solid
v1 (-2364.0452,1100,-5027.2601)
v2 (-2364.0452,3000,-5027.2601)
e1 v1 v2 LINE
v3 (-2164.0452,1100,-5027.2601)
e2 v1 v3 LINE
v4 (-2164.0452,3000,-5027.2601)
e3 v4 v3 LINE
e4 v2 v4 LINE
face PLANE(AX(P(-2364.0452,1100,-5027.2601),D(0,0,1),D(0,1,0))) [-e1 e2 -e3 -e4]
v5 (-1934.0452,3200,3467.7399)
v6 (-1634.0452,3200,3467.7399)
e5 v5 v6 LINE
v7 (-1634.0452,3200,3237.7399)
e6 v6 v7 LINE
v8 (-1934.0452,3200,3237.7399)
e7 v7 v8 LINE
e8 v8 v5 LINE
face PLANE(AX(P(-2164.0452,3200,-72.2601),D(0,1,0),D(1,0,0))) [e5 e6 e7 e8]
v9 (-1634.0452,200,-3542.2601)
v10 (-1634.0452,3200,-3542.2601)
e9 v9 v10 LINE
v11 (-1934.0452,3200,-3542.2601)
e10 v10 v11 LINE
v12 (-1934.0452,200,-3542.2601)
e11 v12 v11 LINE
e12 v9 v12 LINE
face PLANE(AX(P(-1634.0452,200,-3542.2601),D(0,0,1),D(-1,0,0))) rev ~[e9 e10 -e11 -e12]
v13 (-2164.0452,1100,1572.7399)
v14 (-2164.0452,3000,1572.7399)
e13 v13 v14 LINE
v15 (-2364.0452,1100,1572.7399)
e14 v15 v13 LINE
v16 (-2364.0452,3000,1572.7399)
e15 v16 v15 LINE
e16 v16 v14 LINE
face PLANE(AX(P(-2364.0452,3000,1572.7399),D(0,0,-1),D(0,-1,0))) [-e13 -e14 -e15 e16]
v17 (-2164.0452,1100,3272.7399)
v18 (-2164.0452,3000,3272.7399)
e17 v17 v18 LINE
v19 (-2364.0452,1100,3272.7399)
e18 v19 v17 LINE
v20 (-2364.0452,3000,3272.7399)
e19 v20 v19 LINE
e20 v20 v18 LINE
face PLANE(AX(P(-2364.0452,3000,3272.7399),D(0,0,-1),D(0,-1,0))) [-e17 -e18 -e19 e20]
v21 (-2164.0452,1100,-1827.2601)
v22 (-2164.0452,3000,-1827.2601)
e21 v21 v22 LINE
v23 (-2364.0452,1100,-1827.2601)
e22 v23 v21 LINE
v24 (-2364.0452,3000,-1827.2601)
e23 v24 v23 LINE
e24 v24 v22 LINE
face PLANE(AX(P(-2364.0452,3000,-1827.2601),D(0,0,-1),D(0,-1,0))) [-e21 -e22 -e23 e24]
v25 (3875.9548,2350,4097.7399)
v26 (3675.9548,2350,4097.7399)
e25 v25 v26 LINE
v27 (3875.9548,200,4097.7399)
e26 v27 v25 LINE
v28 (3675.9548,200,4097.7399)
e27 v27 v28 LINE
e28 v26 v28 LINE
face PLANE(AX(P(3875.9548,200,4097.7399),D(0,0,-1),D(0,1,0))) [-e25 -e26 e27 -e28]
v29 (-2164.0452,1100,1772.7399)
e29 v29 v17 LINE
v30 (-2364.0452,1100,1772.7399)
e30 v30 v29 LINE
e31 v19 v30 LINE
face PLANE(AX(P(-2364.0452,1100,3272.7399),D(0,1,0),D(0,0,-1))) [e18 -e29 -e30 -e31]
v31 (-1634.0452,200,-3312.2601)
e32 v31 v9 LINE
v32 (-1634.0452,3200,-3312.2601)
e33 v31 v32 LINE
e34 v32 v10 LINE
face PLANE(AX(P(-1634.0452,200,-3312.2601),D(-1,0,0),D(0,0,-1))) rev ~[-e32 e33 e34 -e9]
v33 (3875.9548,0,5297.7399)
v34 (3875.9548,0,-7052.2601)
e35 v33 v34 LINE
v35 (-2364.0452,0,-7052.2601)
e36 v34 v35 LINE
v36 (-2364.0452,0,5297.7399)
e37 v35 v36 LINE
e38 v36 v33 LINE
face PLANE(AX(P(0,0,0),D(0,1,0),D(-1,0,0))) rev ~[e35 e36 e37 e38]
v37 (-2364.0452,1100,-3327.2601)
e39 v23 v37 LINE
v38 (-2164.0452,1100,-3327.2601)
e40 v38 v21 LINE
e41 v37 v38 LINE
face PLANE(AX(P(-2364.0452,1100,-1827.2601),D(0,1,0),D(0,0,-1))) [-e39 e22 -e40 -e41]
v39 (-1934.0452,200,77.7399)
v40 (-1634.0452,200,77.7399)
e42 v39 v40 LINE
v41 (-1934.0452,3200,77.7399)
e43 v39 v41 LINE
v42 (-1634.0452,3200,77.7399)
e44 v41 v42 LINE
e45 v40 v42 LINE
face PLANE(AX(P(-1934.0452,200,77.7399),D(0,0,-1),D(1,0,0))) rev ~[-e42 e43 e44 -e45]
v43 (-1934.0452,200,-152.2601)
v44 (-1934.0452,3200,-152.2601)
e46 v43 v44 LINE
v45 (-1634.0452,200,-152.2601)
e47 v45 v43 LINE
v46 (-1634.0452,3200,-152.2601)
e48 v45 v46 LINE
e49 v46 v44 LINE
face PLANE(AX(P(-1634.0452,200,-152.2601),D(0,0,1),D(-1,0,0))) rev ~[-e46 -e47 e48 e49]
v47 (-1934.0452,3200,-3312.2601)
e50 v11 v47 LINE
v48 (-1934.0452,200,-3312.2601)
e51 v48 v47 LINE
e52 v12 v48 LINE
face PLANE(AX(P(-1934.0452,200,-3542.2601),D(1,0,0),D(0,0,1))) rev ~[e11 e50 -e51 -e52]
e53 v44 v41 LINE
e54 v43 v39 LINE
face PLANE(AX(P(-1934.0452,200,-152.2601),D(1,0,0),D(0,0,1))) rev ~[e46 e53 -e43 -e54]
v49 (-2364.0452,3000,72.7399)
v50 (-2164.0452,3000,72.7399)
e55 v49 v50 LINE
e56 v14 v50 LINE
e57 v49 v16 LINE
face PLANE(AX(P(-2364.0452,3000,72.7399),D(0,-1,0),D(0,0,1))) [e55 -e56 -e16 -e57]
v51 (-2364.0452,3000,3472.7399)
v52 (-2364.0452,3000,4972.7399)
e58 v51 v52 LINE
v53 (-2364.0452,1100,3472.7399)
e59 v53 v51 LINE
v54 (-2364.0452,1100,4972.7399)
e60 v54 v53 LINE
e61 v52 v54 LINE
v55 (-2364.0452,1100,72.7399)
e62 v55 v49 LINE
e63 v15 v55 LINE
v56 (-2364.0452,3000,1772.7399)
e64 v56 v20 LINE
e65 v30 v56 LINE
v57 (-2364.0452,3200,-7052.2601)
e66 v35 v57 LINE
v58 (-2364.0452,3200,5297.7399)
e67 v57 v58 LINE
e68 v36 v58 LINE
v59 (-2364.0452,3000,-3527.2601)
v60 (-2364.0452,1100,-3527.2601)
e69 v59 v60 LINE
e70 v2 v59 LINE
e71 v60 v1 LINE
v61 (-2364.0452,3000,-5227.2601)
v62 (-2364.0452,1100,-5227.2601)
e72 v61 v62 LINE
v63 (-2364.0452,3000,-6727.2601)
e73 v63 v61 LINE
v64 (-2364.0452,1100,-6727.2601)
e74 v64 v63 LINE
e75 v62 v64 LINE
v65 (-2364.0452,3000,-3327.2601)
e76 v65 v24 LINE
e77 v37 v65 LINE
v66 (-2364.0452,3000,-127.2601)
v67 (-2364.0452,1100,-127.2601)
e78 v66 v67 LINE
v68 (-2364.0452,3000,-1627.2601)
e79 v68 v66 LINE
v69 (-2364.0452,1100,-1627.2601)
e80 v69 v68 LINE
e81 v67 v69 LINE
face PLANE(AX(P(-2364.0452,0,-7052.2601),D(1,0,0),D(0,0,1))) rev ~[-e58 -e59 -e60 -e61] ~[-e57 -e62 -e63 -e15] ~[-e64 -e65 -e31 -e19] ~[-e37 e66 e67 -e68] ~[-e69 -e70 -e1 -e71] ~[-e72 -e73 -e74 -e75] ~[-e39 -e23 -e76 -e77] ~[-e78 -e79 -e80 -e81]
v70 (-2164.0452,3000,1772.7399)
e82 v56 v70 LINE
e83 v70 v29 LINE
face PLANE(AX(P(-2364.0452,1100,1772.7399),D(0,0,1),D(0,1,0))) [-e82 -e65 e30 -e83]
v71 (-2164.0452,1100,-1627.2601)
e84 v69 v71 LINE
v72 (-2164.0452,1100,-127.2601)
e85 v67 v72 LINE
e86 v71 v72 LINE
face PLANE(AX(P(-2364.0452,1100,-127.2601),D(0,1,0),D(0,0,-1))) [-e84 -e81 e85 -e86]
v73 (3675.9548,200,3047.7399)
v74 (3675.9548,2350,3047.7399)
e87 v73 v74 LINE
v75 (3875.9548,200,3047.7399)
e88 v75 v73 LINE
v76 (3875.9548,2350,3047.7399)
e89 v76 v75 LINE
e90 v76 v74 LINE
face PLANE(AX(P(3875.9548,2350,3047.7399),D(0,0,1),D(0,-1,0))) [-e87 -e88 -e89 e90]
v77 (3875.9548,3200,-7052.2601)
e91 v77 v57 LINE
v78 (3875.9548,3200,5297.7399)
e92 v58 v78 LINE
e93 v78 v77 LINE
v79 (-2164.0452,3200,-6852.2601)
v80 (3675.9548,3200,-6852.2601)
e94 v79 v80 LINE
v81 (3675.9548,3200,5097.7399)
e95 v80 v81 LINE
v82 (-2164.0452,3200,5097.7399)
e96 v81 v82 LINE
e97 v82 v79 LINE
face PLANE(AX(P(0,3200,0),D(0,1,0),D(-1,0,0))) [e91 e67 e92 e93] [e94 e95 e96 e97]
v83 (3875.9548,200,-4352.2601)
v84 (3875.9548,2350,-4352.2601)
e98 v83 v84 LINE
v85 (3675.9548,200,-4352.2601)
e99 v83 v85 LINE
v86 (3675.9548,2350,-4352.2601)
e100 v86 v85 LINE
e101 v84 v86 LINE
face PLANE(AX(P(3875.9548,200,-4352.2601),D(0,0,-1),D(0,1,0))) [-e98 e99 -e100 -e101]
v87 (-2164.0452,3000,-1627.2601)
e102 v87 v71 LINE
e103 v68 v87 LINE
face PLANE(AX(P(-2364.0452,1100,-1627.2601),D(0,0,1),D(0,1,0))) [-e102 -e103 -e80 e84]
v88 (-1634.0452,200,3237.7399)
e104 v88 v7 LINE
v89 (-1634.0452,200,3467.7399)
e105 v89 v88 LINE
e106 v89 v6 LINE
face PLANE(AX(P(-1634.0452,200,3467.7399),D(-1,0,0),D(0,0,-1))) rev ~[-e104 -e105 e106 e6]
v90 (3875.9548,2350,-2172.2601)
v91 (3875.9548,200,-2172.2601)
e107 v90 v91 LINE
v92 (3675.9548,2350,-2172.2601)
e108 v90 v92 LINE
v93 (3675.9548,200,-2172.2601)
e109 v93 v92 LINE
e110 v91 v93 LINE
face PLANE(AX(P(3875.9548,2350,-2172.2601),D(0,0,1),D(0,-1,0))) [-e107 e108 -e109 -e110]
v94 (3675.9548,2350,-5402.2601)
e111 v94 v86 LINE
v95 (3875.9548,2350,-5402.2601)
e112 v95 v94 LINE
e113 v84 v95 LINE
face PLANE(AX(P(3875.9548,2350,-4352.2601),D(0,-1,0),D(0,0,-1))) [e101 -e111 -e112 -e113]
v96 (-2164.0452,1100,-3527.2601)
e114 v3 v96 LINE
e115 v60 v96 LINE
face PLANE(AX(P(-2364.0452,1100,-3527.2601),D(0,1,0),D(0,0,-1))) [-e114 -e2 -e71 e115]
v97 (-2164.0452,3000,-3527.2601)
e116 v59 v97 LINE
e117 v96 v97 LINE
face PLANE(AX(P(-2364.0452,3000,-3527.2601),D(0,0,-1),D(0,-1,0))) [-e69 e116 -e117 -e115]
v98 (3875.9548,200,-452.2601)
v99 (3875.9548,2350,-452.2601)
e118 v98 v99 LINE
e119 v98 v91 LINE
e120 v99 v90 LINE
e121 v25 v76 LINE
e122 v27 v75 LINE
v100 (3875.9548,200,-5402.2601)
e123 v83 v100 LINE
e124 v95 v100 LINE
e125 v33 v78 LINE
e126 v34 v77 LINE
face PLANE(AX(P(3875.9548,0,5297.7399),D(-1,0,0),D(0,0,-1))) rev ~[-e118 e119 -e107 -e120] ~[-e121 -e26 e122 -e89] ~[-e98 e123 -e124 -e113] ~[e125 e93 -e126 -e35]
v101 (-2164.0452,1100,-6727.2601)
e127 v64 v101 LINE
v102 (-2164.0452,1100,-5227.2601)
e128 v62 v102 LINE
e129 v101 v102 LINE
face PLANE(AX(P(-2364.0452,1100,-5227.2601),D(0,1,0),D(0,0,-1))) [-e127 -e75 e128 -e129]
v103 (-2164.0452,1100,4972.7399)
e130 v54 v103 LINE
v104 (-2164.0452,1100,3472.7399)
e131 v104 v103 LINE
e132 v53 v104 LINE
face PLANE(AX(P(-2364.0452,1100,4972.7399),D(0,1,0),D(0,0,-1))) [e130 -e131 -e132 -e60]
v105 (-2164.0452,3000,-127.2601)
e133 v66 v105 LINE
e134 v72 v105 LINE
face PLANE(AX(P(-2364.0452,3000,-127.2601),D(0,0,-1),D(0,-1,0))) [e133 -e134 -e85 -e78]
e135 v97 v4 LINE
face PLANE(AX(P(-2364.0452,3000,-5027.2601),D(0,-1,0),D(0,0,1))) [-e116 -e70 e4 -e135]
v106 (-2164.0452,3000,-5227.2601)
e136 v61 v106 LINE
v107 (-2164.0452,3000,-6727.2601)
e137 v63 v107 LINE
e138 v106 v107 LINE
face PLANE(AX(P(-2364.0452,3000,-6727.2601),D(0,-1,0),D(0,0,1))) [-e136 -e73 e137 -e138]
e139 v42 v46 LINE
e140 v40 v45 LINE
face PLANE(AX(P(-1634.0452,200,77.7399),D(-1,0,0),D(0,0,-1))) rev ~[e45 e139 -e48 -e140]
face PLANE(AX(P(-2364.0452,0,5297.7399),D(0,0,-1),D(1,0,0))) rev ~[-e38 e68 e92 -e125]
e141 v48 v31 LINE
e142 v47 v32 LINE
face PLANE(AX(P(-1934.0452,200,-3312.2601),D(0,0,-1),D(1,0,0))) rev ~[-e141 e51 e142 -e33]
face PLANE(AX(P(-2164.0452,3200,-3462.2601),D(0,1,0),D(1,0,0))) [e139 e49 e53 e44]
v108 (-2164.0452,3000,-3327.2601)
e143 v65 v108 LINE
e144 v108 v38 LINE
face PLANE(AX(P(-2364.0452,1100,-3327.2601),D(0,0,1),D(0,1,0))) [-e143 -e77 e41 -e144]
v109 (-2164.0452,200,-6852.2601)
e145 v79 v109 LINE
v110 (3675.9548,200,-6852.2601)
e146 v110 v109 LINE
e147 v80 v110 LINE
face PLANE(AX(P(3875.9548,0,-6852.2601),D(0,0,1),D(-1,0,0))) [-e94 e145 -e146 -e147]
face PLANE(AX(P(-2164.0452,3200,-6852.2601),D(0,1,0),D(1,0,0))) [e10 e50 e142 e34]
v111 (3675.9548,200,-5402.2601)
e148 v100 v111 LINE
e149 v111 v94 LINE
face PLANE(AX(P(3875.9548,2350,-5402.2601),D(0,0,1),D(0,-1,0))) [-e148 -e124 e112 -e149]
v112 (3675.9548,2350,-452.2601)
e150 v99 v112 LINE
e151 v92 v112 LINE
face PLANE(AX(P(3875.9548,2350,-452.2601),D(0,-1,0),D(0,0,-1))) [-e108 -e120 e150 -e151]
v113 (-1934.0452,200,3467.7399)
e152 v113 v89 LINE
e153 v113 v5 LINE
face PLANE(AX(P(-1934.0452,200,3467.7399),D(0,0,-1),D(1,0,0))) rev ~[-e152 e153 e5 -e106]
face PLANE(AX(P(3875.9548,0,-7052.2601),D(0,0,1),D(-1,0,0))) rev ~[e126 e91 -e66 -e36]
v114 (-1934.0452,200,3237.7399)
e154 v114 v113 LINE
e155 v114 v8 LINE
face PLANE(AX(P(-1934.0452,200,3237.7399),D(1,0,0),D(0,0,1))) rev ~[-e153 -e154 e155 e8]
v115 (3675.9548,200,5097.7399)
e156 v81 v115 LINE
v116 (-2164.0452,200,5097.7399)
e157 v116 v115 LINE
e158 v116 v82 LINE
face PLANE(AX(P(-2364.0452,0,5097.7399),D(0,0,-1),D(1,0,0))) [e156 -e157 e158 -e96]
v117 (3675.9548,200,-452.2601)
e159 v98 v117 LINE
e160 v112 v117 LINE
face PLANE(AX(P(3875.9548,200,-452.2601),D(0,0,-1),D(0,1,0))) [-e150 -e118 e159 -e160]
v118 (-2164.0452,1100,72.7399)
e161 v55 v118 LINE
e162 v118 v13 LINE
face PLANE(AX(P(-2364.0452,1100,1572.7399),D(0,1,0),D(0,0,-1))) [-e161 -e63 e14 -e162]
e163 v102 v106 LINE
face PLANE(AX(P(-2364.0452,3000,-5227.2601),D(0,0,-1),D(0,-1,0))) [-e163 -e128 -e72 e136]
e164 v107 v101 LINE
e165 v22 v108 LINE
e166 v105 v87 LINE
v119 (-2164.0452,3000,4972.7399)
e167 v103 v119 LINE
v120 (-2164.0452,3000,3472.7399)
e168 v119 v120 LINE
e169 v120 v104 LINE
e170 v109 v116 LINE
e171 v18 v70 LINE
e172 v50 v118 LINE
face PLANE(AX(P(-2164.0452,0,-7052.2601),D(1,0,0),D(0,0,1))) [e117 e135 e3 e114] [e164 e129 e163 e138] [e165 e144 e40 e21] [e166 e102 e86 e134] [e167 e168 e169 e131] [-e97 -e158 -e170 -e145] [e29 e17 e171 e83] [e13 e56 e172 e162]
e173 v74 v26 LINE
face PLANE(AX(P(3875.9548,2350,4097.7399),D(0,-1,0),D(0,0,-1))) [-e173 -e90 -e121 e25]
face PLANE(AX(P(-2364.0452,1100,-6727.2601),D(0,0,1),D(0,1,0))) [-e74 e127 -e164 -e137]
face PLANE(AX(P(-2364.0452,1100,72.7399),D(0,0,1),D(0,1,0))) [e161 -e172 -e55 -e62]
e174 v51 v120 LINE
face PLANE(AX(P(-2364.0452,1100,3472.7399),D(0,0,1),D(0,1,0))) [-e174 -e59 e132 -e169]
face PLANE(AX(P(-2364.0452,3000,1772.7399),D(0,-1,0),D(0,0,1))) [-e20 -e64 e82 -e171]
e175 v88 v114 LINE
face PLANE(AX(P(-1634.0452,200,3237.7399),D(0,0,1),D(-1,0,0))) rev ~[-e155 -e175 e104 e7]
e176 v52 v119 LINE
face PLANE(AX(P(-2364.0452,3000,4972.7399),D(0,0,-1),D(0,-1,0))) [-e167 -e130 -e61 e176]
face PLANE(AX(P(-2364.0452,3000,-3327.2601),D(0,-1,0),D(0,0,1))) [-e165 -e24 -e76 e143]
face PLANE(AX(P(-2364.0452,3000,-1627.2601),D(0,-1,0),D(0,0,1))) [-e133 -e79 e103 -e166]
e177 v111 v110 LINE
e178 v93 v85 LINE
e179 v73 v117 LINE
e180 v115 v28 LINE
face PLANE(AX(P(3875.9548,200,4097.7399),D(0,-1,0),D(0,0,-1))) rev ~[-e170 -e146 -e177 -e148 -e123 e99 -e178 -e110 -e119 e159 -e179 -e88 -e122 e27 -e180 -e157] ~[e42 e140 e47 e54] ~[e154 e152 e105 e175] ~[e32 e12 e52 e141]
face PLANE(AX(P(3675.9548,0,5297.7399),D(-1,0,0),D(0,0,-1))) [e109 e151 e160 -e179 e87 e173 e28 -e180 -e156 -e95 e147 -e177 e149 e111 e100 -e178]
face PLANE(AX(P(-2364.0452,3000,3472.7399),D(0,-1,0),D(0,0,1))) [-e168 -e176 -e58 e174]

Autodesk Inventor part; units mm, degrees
ref_plane "YZ Plane" through (0, 0, 0) normal (1, 0, 0) x (0, 1, 0)
ref_plane "XZ Plane" through (0, 0, 0) normal (0, 1, 0) x (-1, 0, 0)
ref_plane "XY Plane" through (0, 0, 0) normal (0, 0, 1) x (1, 0, 0)
sketch "Esquisse1" plane through (0, 0, 0) normal (0, 1, 0) x (-1, 0, 0)
  line L0 (2364.0452, 5297.7399) -> (-3875.9548, 5297.7399)
  line L1 (-3875.9548, 5297.7399) -> (-3875.9548, -7052.2601)
  line L2 (-3875.9548, -7052.2601) -> (2364.0452, -7052.2601)
  line L3 (2364.0452, -7052.2601) -> (2364.0452, 5297.7399)
  point P0 (0, 0)
  dimension "d0" = 12350
  dimension "d1" = 6240
extrude "Extrusion1" add sketch "Esquisse1" along normal blind 3200
shell "Coque1" thickness 200 removed faces 1 at (-284.0452, 3200, 1181.0732)
sketch "Esquisse2" plane through (3875.9548, 0, 5297.7399) normal (1, 0, 0) x (0, 0, -1)
  line L0 (200, 200) -> (12150, 200) projected
  line L1 (5750, 2350) -> (7470, 2350)
  line L2 (7470, 2350) -> (7470, 200)
  line L3 (7470, 200) -> (5750, 200)
  line L4 (5750, 200) -> (5750, 2350)
  line L5 (9650, 2350) -> (10700, 2350)
  line L6 (10700, 2350) -> (10700, 200)
  line L7 (10700, 200) -> (9650, 200)
  line L8 (9650, 200) -> (9650, 2350)
  line L9 (12150, 200) -> (12150, 3200) projected
  line L10 (1200, 2350) -> (2250, 2350)
  line L11 (2250, 2350) -> (2250, 200)
  line L12 (2250, 200) -> (1200, 200)
  line L13 (1200, 200) -> (1200, 2350)
  line L14 (200, 200) -> (200, 3200) projected
  point P0 (5297.7399, 0)
  dimension "d5" = 1050
  dimension "d6" = 1450
  dimension "d7" = 2150
  dimension "d8" = 1720
  dimension "d10" = 4680
  dimension "d32" = 1050
  dimension "d33" = 1000
  dimension "d34" = 2150
extrude "Extrusion2" cut sketch "Esquisse2" against normal blind 3000
sketch "Esquisse3" plane through (-2364.0452, 0, -7052.2601) normal (-1, 0, 0) x (0, 0, 1)
  line L0 (325, 3000) -> (1825, 3000)
  line L1 (1825, 3000) -> (1825, 1100)
  line L2 (1825, 1100) -> (325, 1100)
  line L3 (325, 1100) -> (325, 3000)
  line L4 (200, 200) -> (12150, 200) projected
  line L5 (200, 200) -> (200, 3200) projected
  point P0 (7052.2601, 0)
  dimension "d13" = 900
  dimension "d14" = 1900
  dimension "d15" = 1500
  dimension "d16" = 125
extrude "Extrusion3" cut sketch "Esquisse3" against normal blind 3000
pattern_linear "Réseau rectangulaire1" count 7 spacing 1700 along (0, 0, 1) of "Extrusion3"
sketch "Esquisse4" plane through (-2164.0452, 200, -6852.2601) normal (0, 1, 0) x (1, 0, 0)
  line L0 (530, -3310) -> (230, -3310)
  line L1 (230, -3310) -> (230, -3540)
  line L2 (230, -3540) -> (530, -3540)
  line L3 (530, -3540) -> (530, -3310)
  line L4 (0, 0) -> (5840, 0) projected
  line L5 (0, -11950) -> (0, 0) projected
  point P0 (2164.0452, -6852.2601)
  dimension "d22" = 230
  dimension "d23" = 300
  dimension "d25" = 3540
  dimension "d26" = 230
extrude "Extrusion4" add sketch "Esquisse4" along normal blind 3000
pattern_linear "Réseau rectangulaire2" count 3 spacing 3390 along (0, 0, 1) of "Extrusion4"
sketch "Esquisse5" plane through (3875.9548, 0, 5297.7399) normal (1, 0, 0) x (0, 0, -1)
  point P0 (5297.7399, 0)
